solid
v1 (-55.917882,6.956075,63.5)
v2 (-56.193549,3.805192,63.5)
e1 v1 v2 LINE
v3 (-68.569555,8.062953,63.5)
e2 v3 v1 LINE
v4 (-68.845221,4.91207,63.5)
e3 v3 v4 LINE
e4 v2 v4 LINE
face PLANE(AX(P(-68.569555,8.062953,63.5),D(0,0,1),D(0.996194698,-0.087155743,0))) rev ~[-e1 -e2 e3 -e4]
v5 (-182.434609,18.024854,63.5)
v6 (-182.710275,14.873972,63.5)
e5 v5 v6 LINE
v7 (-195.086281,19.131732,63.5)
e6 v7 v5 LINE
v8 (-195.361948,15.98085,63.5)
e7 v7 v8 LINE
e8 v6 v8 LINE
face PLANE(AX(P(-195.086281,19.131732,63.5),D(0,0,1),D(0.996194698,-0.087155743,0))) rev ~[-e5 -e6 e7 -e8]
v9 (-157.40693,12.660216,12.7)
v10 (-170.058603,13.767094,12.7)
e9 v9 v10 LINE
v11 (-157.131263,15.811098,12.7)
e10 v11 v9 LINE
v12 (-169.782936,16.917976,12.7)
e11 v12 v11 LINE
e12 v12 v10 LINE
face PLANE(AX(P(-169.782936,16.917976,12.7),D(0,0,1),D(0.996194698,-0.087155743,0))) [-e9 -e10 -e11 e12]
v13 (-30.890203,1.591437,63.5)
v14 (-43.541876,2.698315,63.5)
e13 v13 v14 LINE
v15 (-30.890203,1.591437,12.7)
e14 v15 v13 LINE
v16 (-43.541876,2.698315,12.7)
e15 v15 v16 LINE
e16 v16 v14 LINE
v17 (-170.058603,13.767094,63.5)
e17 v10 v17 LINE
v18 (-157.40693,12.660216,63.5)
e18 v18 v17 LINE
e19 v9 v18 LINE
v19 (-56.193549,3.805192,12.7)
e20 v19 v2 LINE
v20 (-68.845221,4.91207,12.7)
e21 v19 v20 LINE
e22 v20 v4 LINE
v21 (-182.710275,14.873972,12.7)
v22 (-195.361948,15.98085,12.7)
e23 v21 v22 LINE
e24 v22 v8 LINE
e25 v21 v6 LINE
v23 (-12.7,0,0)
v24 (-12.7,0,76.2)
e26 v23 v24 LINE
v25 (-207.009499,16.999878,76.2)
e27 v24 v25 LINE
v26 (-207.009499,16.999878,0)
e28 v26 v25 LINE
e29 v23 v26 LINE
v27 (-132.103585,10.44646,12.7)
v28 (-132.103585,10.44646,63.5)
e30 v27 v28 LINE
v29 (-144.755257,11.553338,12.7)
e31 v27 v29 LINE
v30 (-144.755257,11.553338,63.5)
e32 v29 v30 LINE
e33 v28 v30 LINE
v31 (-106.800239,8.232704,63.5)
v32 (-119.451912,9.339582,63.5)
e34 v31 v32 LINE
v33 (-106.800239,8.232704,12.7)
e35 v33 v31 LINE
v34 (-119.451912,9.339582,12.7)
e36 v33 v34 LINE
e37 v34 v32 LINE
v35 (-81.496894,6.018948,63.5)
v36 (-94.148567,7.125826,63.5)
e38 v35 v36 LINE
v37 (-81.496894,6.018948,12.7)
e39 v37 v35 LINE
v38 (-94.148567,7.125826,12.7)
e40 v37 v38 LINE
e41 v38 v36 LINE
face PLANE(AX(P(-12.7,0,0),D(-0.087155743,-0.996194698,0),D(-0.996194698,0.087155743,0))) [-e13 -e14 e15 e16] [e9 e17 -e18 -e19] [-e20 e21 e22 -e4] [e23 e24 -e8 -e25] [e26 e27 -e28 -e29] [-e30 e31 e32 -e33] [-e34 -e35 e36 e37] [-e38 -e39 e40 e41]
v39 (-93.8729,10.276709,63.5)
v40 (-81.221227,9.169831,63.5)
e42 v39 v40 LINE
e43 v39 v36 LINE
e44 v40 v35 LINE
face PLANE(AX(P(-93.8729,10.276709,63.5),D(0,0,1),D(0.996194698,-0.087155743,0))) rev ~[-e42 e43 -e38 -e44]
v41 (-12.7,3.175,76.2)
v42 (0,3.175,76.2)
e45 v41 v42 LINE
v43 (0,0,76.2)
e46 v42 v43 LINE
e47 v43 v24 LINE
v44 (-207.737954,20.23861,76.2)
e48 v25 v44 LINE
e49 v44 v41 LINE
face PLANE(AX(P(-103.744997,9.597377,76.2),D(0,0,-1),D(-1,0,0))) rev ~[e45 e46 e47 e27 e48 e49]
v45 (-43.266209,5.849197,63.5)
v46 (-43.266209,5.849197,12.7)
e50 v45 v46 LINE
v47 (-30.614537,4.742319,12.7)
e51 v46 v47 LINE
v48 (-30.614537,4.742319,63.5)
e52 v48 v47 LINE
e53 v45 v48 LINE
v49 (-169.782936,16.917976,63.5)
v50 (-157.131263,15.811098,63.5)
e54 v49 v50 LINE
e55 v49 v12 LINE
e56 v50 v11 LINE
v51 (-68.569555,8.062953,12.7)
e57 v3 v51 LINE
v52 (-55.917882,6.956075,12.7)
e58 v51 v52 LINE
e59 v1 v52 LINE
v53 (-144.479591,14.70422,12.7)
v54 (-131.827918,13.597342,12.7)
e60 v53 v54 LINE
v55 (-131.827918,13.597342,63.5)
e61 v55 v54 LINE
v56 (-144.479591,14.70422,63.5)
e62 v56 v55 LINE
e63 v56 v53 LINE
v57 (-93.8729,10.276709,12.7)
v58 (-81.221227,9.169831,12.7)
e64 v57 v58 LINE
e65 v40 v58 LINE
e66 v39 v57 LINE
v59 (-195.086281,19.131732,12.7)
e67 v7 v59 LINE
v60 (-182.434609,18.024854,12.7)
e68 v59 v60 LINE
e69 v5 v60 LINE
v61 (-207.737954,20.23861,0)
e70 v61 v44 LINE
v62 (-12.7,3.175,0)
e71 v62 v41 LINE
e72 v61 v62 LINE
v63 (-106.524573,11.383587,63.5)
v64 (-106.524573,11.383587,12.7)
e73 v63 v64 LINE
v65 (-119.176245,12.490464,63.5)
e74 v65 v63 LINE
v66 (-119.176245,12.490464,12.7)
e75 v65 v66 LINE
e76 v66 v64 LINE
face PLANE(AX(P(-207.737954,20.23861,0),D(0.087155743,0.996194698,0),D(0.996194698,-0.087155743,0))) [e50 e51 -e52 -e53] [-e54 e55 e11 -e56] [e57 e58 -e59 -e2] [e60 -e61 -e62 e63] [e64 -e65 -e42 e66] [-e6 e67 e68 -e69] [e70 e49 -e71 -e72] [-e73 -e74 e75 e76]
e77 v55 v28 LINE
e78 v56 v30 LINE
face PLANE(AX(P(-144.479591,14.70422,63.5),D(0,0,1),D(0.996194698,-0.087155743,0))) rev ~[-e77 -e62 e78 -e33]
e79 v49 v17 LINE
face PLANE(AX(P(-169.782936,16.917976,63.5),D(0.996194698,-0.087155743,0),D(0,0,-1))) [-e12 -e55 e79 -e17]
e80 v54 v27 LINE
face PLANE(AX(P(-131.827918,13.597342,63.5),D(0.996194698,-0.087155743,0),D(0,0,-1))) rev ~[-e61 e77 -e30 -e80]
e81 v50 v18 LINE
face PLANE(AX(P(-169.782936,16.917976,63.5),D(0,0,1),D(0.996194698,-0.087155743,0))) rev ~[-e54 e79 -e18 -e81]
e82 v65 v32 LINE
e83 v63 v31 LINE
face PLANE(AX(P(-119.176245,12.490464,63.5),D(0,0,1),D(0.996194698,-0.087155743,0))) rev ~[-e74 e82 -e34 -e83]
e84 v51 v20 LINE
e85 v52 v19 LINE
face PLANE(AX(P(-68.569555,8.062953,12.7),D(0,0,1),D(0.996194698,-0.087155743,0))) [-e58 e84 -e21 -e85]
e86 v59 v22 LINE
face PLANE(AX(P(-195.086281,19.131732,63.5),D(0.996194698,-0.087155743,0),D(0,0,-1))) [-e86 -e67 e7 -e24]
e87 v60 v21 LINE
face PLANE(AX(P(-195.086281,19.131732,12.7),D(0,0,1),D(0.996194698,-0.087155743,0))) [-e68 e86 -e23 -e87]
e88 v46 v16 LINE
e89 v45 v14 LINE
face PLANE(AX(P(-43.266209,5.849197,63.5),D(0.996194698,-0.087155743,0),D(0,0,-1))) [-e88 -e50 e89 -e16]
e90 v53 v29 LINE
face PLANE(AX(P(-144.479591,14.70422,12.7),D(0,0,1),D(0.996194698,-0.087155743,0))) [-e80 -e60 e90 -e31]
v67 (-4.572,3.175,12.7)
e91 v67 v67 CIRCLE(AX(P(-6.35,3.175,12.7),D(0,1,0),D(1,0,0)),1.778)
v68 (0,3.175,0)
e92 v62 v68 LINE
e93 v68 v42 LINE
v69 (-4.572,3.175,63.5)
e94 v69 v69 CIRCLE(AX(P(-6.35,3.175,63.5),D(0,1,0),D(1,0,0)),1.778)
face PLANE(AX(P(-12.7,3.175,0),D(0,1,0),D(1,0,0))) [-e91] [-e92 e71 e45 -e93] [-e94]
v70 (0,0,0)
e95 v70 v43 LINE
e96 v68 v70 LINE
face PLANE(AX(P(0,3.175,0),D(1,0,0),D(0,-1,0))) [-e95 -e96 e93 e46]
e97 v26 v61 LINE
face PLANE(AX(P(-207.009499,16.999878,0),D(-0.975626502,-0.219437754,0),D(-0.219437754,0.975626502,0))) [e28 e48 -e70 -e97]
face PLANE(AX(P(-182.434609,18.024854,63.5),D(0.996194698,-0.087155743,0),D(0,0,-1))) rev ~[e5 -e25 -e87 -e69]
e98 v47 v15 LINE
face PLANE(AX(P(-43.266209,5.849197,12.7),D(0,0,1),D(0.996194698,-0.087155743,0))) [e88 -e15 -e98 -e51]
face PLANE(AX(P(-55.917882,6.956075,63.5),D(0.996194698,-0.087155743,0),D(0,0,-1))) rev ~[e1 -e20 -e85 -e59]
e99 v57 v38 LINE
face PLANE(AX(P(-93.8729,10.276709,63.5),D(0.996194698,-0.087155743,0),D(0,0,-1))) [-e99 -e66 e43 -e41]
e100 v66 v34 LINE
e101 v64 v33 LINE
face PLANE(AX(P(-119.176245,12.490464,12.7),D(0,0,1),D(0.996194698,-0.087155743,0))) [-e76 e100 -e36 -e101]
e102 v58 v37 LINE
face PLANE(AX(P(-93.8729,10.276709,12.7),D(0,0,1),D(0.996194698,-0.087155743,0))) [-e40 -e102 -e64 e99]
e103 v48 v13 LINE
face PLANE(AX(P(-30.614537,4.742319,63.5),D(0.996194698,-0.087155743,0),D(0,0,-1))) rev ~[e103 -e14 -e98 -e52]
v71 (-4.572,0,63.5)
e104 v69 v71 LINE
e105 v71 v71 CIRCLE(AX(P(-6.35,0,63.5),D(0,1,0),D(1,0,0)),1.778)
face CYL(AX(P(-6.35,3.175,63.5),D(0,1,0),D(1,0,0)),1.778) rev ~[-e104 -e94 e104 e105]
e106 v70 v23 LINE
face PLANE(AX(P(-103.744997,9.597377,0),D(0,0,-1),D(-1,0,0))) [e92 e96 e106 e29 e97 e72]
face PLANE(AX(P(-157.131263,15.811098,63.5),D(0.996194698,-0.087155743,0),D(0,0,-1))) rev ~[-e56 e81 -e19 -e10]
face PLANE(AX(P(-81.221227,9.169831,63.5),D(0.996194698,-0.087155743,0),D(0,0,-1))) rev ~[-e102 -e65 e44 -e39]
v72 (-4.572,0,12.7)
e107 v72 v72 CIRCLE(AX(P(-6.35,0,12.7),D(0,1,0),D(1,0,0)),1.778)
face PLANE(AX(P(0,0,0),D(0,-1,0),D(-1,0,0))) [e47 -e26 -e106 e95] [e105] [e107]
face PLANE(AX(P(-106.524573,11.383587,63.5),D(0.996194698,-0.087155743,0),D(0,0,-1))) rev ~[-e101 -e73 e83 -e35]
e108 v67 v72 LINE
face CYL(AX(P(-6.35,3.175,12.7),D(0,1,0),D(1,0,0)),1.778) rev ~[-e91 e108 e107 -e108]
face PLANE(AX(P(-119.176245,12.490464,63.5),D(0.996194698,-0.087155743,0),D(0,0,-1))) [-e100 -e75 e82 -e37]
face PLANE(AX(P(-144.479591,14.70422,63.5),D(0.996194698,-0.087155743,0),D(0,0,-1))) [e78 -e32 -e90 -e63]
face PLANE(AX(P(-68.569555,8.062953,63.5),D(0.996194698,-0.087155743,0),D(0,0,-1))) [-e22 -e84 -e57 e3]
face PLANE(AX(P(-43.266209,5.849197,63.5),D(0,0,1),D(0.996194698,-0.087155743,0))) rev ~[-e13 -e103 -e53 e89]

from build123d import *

# Parameters (mm, degrees)
BOSS_EXTRUDE1_DEPTH = 76.2
SKETCH2_R           = 1.778
CUT_EXTRUDE1_DEPTH  = 76.2
SKETCH3_W           = 12.7
SKETCH3_H           = 50.8
CUT_EXTRUDE2_DEPTH  = 76.2
LPATTERN1_COUNT     = 7
LPATTERN1_PITCH     = 25.4


with BuildPart() as part:
    # Sketch1 → Boss-Extrude1 (new body)
    with BuildSketch(Plane.XY):
        Polygon((0, 0), (-12.7, 0), (-207.009499064, 16.999878384), (-207.737954037, 20.238609936), (-12.7, 3.175), (0, 3.175), align=None)
    extrude(amount=BOSS_EXTRUDE1_DEPTH)

    # Sketch2 → Cut-Extrude1 (cut)
    with BuildSketch(Plane(origin=(0, 3.175, 0), x_dir=(1, 0, 0), z_dir=(0, 1, 0))):
        with Locations((-6.35, -12.7)):
            Circle(SKETCH2_R)
        with Locations((-6.35, -63.5)):
            Circle(SKETCH2_R)
    extrude(amount=-CUT_EXTRUDE1_DEPTH, mode=Mode.SUBTRACT)

    # Sketch3 → Cut-Extrude2 (cut)
    with BuildSketch(Plane(origin=(0.179195714, 2.04821638, 0), x_dir=(0.996194698, -0.087155743, 0), z_dir=(0.087155743, 0.996194698, 0))):
        with Locations((-189.661359485, -38.1)):
            Rectangle(SKETCH3_W, SKETCH3_H)
    cut_extrude2 = extrude(amount=-CUT_EXTRUDE2_DEPTH, mode=Mode.SUBTRACT)

    # LPattern1: Cut-Extrude2 ×7
    with Locations(*[Vector(0.996194698, -0.087155743, 0) * (i * LPATTERN1_PITCH) for i in range(1, LPATTERN1_COUNT)]):
        add(cut_extrude2, mode=Mode.SUBTRACT)


solid = part.part
